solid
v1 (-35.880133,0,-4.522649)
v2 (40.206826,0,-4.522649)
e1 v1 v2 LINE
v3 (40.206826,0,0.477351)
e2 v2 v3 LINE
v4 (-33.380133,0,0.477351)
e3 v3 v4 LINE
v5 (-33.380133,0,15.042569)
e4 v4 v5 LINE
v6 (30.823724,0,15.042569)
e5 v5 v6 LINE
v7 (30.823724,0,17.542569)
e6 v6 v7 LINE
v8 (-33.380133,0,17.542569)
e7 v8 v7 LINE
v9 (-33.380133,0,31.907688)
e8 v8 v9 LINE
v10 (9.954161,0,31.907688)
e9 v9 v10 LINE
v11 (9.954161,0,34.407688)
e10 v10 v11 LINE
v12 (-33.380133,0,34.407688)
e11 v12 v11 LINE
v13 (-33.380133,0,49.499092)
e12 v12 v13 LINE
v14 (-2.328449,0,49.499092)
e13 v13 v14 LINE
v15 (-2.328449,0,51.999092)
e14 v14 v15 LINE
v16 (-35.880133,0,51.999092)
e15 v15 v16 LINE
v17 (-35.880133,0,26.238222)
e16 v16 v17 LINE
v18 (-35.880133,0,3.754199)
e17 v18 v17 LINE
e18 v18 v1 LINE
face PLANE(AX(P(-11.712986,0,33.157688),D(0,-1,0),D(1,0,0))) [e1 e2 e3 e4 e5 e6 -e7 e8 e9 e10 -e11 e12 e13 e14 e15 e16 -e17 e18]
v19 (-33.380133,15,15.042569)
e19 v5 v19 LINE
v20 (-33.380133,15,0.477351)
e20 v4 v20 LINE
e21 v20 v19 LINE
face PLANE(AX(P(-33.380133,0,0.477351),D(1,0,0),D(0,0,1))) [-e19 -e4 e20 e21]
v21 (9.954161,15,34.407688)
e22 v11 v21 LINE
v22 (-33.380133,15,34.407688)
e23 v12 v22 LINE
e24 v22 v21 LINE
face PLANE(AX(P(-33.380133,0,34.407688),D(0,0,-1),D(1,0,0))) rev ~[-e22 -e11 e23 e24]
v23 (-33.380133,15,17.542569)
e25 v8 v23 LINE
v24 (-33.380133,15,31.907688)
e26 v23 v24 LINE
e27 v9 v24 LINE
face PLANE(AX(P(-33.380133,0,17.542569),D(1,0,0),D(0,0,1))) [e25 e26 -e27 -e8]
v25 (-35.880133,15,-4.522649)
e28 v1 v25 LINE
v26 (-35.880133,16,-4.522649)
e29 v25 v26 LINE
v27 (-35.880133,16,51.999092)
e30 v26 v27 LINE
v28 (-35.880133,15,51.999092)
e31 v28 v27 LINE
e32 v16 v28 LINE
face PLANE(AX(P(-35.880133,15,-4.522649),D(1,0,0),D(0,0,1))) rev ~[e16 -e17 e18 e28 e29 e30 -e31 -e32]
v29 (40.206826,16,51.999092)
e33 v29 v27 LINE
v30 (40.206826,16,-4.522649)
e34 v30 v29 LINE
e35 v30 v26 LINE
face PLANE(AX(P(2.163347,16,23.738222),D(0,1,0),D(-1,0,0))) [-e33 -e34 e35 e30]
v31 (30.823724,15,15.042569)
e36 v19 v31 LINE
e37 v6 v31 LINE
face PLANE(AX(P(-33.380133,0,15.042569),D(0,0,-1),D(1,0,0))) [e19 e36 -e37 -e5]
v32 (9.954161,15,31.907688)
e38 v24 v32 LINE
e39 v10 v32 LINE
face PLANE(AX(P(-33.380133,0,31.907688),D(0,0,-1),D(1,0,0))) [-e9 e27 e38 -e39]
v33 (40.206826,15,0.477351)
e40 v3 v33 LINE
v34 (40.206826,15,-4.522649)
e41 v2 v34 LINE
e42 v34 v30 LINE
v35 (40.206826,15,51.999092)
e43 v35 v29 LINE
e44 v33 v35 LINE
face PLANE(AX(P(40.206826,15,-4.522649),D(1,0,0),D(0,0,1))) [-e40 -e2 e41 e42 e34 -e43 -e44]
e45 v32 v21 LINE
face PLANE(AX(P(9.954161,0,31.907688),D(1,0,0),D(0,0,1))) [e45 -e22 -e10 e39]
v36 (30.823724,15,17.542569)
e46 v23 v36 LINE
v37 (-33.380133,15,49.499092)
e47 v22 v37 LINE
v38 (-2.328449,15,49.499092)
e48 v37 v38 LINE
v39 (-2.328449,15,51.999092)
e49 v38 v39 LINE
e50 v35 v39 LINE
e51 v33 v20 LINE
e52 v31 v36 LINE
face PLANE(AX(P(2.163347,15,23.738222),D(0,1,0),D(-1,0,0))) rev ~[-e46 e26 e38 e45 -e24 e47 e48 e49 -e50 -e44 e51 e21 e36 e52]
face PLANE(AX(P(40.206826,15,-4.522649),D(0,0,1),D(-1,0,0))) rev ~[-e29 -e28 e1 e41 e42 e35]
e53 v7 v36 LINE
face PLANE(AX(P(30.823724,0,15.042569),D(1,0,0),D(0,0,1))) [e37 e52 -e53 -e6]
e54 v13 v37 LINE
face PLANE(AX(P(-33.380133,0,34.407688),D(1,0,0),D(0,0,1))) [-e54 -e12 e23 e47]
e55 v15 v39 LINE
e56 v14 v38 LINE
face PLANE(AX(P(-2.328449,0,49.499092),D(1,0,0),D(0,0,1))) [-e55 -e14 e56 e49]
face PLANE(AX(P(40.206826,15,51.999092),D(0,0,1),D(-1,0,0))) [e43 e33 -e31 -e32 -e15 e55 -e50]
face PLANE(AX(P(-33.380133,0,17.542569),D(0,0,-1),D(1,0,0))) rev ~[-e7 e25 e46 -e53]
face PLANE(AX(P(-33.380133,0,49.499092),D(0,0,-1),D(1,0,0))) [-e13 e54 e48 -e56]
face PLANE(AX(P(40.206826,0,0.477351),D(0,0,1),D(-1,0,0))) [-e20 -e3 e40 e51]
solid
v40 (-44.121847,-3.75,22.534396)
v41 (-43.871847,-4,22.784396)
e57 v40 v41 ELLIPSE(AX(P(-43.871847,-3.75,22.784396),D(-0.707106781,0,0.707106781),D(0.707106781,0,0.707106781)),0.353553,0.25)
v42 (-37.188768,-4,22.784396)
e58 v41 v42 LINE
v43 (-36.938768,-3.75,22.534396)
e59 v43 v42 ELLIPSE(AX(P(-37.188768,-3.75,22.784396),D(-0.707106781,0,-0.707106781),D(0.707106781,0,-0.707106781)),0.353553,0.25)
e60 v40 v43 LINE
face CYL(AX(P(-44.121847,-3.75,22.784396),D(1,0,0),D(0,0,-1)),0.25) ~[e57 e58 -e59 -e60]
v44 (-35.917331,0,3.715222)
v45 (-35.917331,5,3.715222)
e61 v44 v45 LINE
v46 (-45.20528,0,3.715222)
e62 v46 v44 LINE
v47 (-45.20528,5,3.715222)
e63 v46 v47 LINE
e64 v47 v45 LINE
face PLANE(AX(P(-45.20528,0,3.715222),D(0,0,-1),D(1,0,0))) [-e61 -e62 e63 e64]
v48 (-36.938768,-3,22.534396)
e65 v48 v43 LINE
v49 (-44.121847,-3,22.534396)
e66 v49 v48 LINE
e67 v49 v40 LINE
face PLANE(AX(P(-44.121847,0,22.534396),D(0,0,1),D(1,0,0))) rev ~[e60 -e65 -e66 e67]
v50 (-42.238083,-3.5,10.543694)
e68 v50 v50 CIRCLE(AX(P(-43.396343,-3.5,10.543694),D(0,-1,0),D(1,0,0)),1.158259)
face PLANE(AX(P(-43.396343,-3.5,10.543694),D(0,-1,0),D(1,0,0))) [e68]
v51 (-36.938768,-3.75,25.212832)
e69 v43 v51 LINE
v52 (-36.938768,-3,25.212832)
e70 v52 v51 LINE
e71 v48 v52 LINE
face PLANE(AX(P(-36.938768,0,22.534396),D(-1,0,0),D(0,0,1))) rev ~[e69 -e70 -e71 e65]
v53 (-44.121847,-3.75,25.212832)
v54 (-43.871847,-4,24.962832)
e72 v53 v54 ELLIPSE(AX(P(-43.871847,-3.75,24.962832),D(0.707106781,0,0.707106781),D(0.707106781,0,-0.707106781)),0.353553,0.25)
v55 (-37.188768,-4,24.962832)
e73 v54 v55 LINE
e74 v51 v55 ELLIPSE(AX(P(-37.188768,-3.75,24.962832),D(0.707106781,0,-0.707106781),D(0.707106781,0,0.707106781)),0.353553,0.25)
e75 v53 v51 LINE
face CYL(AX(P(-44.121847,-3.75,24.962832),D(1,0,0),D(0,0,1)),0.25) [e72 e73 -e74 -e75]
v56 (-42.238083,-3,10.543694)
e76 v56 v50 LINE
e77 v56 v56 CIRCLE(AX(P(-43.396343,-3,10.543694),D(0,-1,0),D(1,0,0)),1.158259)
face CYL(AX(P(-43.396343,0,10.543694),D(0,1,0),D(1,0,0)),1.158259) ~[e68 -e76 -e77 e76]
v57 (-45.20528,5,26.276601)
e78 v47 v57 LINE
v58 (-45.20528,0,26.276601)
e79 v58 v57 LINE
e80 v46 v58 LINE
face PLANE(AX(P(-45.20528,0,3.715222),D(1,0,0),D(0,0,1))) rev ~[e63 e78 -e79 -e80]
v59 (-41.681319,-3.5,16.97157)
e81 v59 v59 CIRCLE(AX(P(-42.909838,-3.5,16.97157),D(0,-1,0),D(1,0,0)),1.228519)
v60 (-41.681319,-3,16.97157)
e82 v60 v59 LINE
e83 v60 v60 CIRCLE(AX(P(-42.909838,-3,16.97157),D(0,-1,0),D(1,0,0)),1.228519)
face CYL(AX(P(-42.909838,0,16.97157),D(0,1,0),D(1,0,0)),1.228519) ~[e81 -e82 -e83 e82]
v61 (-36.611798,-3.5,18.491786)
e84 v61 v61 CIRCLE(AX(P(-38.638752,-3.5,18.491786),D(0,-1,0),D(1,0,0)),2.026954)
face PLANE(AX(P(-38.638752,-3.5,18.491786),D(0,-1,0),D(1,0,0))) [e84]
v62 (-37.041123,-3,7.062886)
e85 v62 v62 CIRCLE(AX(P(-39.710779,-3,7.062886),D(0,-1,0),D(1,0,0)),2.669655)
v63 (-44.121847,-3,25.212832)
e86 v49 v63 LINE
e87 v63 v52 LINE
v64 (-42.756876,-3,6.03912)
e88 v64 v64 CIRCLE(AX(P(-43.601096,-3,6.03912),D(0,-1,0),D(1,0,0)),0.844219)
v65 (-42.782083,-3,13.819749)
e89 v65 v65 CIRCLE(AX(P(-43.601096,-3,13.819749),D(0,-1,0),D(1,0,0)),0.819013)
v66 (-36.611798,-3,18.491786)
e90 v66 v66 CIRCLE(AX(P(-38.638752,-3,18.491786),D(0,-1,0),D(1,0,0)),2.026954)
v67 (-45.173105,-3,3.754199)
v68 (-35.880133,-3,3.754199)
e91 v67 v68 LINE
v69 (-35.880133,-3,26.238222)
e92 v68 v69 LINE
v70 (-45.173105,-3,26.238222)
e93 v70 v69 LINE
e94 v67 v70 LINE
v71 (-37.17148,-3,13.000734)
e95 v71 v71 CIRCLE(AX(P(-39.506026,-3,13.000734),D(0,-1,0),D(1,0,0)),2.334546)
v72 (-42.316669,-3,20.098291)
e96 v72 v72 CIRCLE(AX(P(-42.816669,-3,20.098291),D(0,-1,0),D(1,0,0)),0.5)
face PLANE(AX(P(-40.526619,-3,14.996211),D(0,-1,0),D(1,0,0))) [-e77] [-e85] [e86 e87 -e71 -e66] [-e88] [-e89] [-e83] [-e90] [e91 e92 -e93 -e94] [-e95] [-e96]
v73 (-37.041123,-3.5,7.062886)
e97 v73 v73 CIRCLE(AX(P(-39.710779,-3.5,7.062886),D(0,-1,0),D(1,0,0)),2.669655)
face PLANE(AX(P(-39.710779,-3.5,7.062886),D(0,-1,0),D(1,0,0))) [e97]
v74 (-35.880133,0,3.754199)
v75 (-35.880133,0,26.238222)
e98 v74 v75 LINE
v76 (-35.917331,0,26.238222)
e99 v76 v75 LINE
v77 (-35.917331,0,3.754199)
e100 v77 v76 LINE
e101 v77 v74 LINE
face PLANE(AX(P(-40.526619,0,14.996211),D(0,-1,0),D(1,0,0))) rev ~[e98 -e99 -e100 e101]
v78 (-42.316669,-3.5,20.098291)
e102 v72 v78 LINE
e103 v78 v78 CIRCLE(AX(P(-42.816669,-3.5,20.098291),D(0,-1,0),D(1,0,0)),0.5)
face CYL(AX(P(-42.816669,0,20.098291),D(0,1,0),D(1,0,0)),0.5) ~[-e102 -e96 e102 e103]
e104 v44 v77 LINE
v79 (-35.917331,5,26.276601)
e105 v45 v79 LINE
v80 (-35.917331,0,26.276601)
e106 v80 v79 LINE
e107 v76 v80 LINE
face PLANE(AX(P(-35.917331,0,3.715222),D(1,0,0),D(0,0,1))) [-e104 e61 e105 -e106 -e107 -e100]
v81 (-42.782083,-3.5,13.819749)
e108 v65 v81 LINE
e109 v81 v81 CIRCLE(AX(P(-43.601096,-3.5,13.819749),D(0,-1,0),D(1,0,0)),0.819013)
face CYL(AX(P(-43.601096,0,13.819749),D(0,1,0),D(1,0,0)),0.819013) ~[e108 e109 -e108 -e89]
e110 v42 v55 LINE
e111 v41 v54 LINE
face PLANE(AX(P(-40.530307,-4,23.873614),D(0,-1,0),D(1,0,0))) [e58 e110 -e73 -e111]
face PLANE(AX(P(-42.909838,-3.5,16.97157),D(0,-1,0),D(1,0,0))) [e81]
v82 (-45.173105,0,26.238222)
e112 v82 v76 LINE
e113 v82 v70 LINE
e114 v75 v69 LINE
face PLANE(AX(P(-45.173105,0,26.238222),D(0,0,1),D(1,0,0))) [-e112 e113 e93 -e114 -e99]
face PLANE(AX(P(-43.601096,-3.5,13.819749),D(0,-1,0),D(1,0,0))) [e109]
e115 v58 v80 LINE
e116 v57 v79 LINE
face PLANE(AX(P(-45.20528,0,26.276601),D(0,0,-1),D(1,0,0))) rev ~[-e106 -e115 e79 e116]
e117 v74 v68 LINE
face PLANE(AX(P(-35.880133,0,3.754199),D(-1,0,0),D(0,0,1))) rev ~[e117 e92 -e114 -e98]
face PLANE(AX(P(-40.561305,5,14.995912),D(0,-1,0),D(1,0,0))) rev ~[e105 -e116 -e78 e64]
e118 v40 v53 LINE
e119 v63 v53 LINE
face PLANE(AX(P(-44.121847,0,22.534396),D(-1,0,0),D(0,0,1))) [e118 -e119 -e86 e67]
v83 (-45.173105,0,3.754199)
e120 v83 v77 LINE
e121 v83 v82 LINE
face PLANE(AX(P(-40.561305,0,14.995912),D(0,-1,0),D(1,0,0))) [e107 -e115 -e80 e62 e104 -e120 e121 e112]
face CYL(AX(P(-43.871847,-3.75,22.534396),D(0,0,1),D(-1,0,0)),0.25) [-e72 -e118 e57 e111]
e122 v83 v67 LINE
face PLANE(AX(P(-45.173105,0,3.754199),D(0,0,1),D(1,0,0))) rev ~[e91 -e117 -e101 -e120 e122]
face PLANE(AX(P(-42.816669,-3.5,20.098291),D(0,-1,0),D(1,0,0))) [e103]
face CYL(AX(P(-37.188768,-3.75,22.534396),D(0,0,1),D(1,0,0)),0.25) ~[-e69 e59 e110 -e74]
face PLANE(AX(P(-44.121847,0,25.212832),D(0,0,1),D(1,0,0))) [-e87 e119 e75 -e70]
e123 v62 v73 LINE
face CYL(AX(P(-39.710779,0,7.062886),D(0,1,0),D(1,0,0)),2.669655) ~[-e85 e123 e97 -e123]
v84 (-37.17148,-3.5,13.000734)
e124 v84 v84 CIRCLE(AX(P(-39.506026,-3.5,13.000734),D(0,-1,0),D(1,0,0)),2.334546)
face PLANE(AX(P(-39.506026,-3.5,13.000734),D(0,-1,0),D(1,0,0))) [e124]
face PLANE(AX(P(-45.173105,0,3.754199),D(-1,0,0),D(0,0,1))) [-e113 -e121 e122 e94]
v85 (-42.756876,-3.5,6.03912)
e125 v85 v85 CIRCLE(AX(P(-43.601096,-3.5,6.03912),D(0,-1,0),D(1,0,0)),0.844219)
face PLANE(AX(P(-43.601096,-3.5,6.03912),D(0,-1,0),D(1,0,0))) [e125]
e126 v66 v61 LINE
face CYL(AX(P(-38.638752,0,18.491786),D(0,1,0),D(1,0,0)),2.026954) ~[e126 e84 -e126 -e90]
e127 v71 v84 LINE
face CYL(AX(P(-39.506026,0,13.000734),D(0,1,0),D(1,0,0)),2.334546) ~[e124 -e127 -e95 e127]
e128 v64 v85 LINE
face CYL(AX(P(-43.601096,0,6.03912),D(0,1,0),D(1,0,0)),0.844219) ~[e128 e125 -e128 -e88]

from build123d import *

# Parameters (mm, degrees)
F0_R     = 2.0269538975
F1_DEPTH = 3.5
F0_R_2   = 0.5
F0_R_3   = 1.228518784
F0_R_4   = 2.3345460216
F0_R_5   = 0.8190125227
F0_R_6   = 1.1582592759
F0_R_7   = 2.6696554539
F0_R_8   = 0.8442192367
F0_W     = 7.1830786765
F0_H     = 2.6784352958
F2_DEPTH = 4
F0_W_2   = 9.2929721967
F0_H_2   = 22.4840222485
F3_DEPTH = 3
F0_W_3   = 43.3342937214
F0_H_3   = 2.5
F0_W_4   = 31.0516838037
F0_W_5   = 64.2038567705
F4_DEPTH = 15
F5_W     = 76.0869590251
F5_H     = 56.5217405497
F6_DEPTH = 1
F7_R     = 0.25
F8_W     = 9.2879496515
F8_H     = 22.5613792427
F9_DEPTH = 5


with BuildPart() as f1:
    # F0 (on Front) → F1 (new body)
    with BuildSketch(Plane.XZ):
        with Locations((-38.6387519538, 18.4917859733)):
            Circle(F0_R)
    extrude(amount=F1_DEPTH)



with BuildPart() as f1b:
    # F0 (on Front) → F1, piece 2 (new body)
    with BuildSketch(Plane.XZ):
        with Locations((-42.8166687813, 20.0982914169)):
            Circle(F0_R_2)
    extrude(amount=F1_DEPTH)


with BuildPart() as f1c:
    # F0 (on Front) → F1, piece 3 (new body)
    with BuildSketch(Plane.XZ):
        with Locations((-42.9098382592, 16.9715695083)):
            Circle(F0_R_3)
    extrude(amount=F1_DEPTH)


with BuildPart() as f1d:
    # F0 (on Front) → F1, piece 4 (new body)
    with BuildSketch(Plane.XZ):
        with Locations((-39.5060256124, 13.0007341504)):
            Circle(F0_R_4)
    extrude(amount=F1_DEPTH)


with BuildPart() as f1e:
    # F0 (on Front) → F1, piece 5 (new body)
    with BuildSketch(Plane.XZ):
        with Locations((-43.6010956764, 13.8197485358)):
            Circle(F0_R_5)
    extrude(amount=F1_DEPTH)


with BuildPart() as f1f:
    # F0 (on Front) → F1, piece 6 (new body)
    with BuildSketch(Plane.XZ):
        with Locations((-43.3963425457, 10.5436937883)):
            Circle(F0_R_6)
    extrude(amount=F1_DEPTH)


with BuildPart() as f1g:
    # F0 (on Front) → F1, piece 7 (new body)
    with BuildSketch(Plane.XZ):
        with Locations((-39.710778743, 7.0628863759)):
            Circle(F0_R_7)
    extrude(amount=F1_DEPTH)


with BuildPart() as f1h:
    # F0 (on Front) → F1, piece 8 (new body)
    with BuildSketch(Plane.XZ):
        with Locations((-43.6010956764, 6.0391197912)):
            Circle(F0_R_8)
    extrude(amount=F1_DEPTH)


with BuildPart() as f2:
    # F0 (on Front) → F2 (new body)
    with BuildSketch(Plane.XZ):
        with Locations((-40.5303072184, 23.8736141473)):
            Rectangle(F0_W, F0_H)
    extrude(amount=F2_DEPTH)


with BuildPart() as f1_1:
    add(f1.part)

    add(f1b.part)  # F3 merges F1b

    add(f1c.part)  # F3 merges F1c

    add(f1d.part)  # F3 merges F1d

    add(f1e.part)  # F3 merges F1e

    add(f1f.part)  # F3 merges F1f

    add(f1g.part)  # F3 merges F1g

    add(f1h.part)  # F3 merges F1h

    add(f2.part)  # F3 merges F2
    # F0 (on Front) → F3 (join)
    with BuildSketch(Plane.XZ):
        with Locations((-40.5266187541, 14.9962106068)):
            Rectangle(F0_W_2, F0_H_2)
        with Locations((-43.6010956764, 6.0391197912)):
            Circle(F0_R_8, mode=Mode.SUBTRACT)
        with Locations((-39.710778743, 7.0628863759)):
            Circle(F0_R_7, mode=Mode.SUBTRACT)
        with Locations((-43.3963425457, 10.5436937883)):
            Circle(F0_R_6, mode=Mode.SUBTRACT)
        with Locations((-39.5060256124, 13.0007341504)):
            Circle(F0_R_4, mode=Mode.SUBTRACT)
        with Locations((-43.6010956764, 13.8197485358)):
            Circle(F0_R_5, mode=Mode.SUBTRACT)
        with Locations((-42.9098382592, 16.9715695083)):
            Circle(F0_R_3, mode=Mode.SUBTRACT)
        with Locations((-42.8166687813, 20.0982914169)):
            Circle(F0_R_2, mode=Mode.SUBTRACT)
        with Locations((-38.6387519538, 18.4917859733)):
            Circle(F0_R, mode=Mode.SUBTRACT)
        with Locations((-40.5303072184, 23.8736141473)):
            Rectangle(F0_W, F0_H, mode=Mode.SUBTRACT)
    extrude(amount=F3_DEPTH)

    # F0 (on Front) → F4 (join)
    with BuildSketch(Plane.XZ):
        with Locations((-11.712985795, 33.1576881444)):
            Rectangle(F0_W_3, F0_H_3)
        with Locations((-17.8542907539, 50.7490920059)):
            Rectangle(F0_W_4, F0_H_3)
        Polygon((-35.8801326557, 3.7541994825), (-35.8801326557, 0.4773514562), (-33.3801326557, 0.4773514562), (-33.3801326557, 15.0425690249), (-33.3801326557, 17.5425690249), (-33.3801326557, 31.9076881444), (-33.3801326557, 34.4076881444), (-33.3801326557, 49.4990920059), (-33.3801326557, 51.9990920059), (-35.8801326557, 51.9990920059), (-35.8801326557, 26.238221731), align=None)
        with Locations((-1.2782042705, 16.2925690249)):
            Rectangle(F0_W_5, F0_H_3)
        Polygon((-33.3801326557, 0.4773514562), (-35.8801326557, 0.4773514562), (-35.8801326557, -4.5226485438), (40.2068263694, -4.5226485438), (40.2068263694, 0.4773514562), align=None)
    extrude(amount=-F4_DEPTH)

    # F5 (on face) → F6 (join)
    with BuildSketch(Plane(origin=(0, 15, 0), x_dir=(-1, 0, 0), z_dir=(0, 1, 0))):
        with Locations((-2.1633468568, 23.738221731)):
            Rectangle(F5_W, F5_H)
    extrude(amount=F6_DEPTH)

    # F7
    f7_edges = [f1_1.edges().sort_by_distance(p)[0] for p in [
        (-40.530307, -4, 22.534396),
        (-40.530307, -4, 25.212832),
        (-36.938768, -4, 23.873614),
        (-44.121847, -4, 23.873614),
    ]]
    fillet(f7_edges, radius=F7_R)

    # F8 (on face) → F9 (join)
    with BuildSketch(Plane.XZ):
        with Locations((-40.561305359, 14.9959118571)):
            Rectangle(F8_W, F8_H)
    extrude(amount=-F9_DEPTH)


solid = f1_1.part
